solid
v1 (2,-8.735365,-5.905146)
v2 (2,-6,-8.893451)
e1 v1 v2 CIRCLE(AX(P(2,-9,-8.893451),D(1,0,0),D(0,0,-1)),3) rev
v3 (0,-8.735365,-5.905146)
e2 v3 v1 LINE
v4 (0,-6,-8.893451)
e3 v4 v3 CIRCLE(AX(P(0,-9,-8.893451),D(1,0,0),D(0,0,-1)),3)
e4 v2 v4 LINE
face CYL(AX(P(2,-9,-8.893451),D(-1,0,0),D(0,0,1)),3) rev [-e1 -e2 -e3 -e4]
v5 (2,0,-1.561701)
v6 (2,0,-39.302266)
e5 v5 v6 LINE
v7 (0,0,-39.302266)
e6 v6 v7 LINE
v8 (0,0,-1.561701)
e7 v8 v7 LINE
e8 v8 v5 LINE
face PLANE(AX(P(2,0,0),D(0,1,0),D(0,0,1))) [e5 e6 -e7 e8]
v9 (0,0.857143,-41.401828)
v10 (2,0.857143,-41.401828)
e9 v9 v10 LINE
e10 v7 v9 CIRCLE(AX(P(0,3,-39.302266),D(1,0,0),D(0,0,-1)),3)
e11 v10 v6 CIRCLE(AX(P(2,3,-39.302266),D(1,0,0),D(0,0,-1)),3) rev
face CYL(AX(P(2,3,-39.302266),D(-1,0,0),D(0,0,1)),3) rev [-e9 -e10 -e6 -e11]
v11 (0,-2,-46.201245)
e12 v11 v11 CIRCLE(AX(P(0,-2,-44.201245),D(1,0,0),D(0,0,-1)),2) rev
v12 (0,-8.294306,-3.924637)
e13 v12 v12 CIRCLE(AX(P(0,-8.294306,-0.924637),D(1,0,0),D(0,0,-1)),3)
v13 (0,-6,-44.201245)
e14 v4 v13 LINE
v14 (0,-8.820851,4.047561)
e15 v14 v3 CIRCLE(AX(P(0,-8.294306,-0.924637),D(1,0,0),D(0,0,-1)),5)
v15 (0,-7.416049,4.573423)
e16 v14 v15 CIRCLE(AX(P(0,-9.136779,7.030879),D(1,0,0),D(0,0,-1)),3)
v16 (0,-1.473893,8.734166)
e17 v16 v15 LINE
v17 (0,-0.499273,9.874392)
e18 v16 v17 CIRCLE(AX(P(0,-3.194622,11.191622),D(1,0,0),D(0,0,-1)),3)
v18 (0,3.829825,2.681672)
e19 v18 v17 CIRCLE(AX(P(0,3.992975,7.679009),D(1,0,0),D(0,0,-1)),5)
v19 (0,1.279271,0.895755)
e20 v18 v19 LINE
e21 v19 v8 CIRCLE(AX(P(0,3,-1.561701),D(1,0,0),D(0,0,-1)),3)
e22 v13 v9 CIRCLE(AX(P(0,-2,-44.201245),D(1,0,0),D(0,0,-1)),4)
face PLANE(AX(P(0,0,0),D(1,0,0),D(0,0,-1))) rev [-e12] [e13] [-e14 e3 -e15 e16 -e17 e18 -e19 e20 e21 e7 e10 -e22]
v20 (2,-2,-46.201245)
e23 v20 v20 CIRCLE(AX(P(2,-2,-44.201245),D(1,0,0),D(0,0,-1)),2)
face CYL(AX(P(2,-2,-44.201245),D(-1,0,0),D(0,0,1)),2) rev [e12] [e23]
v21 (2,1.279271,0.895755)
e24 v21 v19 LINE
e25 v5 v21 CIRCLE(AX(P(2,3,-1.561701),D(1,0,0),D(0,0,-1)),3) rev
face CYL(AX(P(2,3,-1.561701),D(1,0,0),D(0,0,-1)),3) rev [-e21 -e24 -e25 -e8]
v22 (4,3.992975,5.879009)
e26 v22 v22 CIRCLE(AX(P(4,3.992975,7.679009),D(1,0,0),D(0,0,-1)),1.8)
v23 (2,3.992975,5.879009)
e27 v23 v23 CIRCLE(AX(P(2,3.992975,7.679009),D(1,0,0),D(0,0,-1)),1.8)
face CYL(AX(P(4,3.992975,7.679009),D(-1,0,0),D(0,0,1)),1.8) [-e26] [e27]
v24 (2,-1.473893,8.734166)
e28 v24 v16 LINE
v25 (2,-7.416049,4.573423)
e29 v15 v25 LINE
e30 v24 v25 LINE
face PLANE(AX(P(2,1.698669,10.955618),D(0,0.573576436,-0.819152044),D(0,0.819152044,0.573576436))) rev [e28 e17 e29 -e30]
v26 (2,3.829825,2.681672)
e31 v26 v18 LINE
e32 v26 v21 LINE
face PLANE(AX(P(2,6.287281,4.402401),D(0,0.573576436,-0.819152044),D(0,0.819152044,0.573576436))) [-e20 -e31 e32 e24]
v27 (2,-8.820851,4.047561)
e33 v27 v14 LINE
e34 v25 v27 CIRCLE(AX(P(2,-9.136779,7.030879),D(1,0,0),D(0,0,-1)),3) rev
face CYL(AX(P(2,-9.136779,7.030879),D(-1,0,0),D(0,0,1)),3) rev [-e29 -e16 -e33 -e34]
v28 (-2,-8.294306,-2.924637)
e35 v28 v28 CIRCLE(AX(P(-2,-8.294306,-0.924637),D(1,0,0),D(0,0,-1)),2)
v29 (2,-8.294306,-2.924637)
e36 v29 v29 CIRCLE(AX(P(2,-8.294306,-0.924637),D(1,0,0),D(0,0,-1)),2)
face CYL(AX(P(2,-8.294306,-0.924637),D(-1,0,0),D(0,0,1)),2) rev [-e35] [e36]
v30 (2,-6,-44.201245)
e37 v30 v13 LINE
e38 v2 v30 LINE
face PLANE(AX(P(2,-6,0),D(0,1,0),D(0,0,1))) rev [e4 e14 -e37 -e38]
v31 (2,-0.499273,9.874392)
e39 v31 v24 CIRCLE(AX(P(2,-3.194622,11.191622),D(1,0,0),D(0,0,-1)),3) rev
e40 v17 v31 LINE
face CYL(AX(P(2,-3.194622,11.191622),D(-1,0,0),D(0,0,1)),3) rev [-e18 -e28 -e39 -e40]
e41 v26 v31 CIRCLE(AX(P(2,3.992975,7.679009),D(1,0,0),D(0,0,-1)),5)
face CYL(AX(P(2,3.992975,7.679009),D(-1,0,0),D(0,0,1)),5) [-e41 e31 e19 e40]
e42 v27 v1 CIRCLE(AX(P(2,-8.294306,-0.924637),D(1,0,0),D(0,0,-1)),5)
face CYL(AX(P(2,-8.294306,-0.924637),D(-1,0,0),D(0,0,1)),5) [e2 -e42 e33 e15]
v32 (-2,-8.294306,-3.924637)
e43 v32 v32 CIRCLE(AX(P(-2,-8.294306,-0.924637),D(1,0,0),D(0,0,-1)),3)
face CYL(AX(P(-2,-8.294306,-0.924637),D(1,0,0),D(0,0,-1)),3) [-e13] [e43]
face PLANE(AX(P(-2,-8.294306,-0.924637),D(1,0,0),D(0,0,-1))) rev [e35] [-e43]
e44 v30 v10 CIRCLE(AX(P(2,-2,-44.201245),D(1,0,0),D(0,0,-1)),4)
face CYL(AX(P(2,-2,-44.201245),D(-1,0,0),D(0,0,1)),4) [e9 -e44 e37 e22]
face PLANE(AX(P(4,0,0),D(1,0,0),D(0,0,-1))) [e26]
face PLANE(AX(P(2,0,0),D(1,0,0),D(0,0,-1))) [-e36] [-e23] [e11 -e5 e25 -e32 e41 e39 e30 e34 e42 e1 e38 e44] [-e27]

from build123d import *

# Parameters (mm, degrees)
EXTRUDE_1_DEPTH          = 2
SKETCH_1_4_R             = 3
EXTRUDE_2_DEPTH          = 2
CUT_EXTRUDE_1_DEPTH      = 51.040969284
CUT_EXTRUDE_1_DEPTH_BACK = 51.040969284
SKETCH_1_3_R             = 2
FILLET_1_R               = 3
EXTRUDE_START            = -2
SKETCH_2_R               = 2
EXTRUDE_3_DEPTH          = 2
SKETCH_2_3_R             = 1.8
EXTRUDE_4_DEPTH          = 2


with BuildPart() as part:
    # 草图1 → 凸台-拉伸1 (new body)
    with BuildSketch(Plane(origin=(0, 0, 0), x_dir=(0, 0, -1), z_dir=(1, 0, 0))):
        with BuildLine():
            Line((40.737143614, 0), (0, 0))
            Line((0, 0), (2.48051592, -3.542543867))
            ThreePointArc((2.48051592, -3.542543867), (4.165783411, -4.487079684), (5.367176995, -6))
            Line((5.367176995, -6), (44.201245229, -6))
            ThreePointArc((44.201245229, -6), (40.737143614, -4), (40.737143614, 0))
        make_face()
        with BuildLine():
            Line((2.48051592, -3.542543867), (0, 0))
            Line((0, 0), (-2.681672007, 3.829824531))
            ThreePointArc((-2.681672007, 3.829824531), (-4.811127311, -0.102785303), (-9.234888361, -0.758786959))
            Line((-9.234888361, -0.758786959), (-4.072700434, -8.131155358))
            ThreePointArc((-4.072700434, -8.131155358), (-1.94324513, -4.198545524), (2.48051592, -3.542543867))
        make_face()
        with BuildLine():
            ThreePointArc((48.201245229, -2), (45.23652141, 1.863703305), (40.737143614, 0))
            Line((40.737143614, 0), (44.201245229, 0))
            ThreePointArc((44.201245229, 0), (45.615458792, -0.585786438), (46.201245229, -2))
            ThreePointArc((46.201245229, -2), (45.615458792, -3.414213562), (44.201245229, -4))
            Line((44.201245229, -4), (44.201245229, -6))
            ThreePointArc((44.201245229, -6), (47.029672354, -4.828427125), (48.201245229, -2))
        make_face()
        with BuildLine():
            Line((44.201245229, 0), (40.737143614, 0))
            ThreePointArc((40.737143614, 0), (40.737143614, -4), (44.201245229, -6))
            Line((44.201245229, -6), (44.201245229, -4))
            ThreePointArc((44.201245229, -4), (42.201245229, -2), (44.201245229, 0))
        make_face()
        with BuildLine():
            ThreePointArc((5.367176995, -6), (4.165783411, -4.487079684), (2.48051592, -3.542543867))
            Line((2.48051592, -3.542543867), (4.201245229, -6))
            Line((4.201245229, -6), (5.367176995, -6))
        make_face()
        with BuildLine():
            Line((4.201245229, -6), (2.48051592, -3.542543867))
            ThreePointArc((2.48051592, -3.542543867), (-1.94324513, -4.198545524), (-4.072700434, -8.131155358))
            Line((-4.072700434, -8.131155358), (-2.351971125, -10.588611491))
            Line((-2.351971125, -10.588611491), (-1.532819081, -10.015035054))
            ThreePointArc((-1.532819081, -10.015035054), (-0.796092257, -5.836849613), (3.382093185, -6.573576436))
            Line((3.382093185, -6.573576436), (4.201245229, -6))
        make_face()
        with BuildLine():
            ThreePointArc((-9.234888361, -0.758786959), (-4.811127311, -0.102785303), (-2.681672007, 3.829824531))
            Line((-2.681672007, 3.829824531), (-4.402401316, 6.287280664))
            Line((-4.402401316, 6.287280664), (-6.040705405, 5.140127792))
            ThreePointArc((-6.040705405, 5.140127792), (-5.771575592, 4.594386518), (-5.679009493, 3.992974919))
            ThreePointArc((-5.679009493, 3.992974919), (-7.077597894, 2.085541017), (-9.317313582, 2.845822046))
            Line((-9.317313582, 2.845822046), (-10.95561767, 1.698669174))
            Line((-10.95561767, 1.698669174), (-9.234888361, -0.758786959))
        make_face()
        with BuildLine():
            Line((-4.402401316, 6.287280664), (-2.681672007, 3.829824531))
            ThreePointArc((-2.681672007, 3.829824531), (-2.679675166, 3.911388863), (-2.679009493, 3.992974919))
            ThreePointArc((-2.679009493, 3.992974919), (-10.613341245, 8.041394014), (-9.234888361, -0.758786959))
            Line((-9.234888361, -0.758786959), (-10.95561767, 1.698669174))
            Line((-10.95561767, 1.698669174), (-9.317313582, 2.845822046))
            ThreePointArc((-9.317313582, 2.845822046), (-8.826162366, 5.631279008), (-6.040705405, 5.140127792))
            Line((-6.040705405, 5.140127792), (-4.402401316, 6.287280664))
        make_face()
        with BuildLine():
            ThreePointArc((46.201245229, -2), (45.615458792, -0.585786438), (44.201245229, 0))
            Line((44.201245229, 0), (44.201245229, -4))
            ThreePointArc((44.201245229, -4), (45.615458792, -3.414213562), (46.201245229, -2))
        make_face()
        with BuildLine():
            Line((44.201245229, -4), (44.201245229, 0))
            ThreePointArc((44.201245229, 0), (42.201245229, -2), (44.201245229, -4))
        make_face()
        with BuildLine():
            Line((5.367176995, -6), (4.201245229, -6))
            Line((4.201245229, -6), (3.382093185, -6.573576436))
            ThreePointArc((3.382093185, -6.573576436), (3.785787904, -7.392188347), (3.924637052, -8.294305745))
            ThreePointArc((3.924637052, -8.294305745), (1.826754451, -11.155456598), (-1.532819081, -10.015035054))
            Line((-1.532819081, -10.015035054), (-2.351971125, -10.588611491))
            Line((-2.351971125, -10.588611491), (-4.072700434, -8.131155358))
            ThreePointArc((-4.072700434, -8.131155358), (0.843050996, -13.293640073), (5.924637052, -8.294305745))
            ThreePointArc((5.924637052, -8.294305745), (5.783273678, -7.113776143), (5.367176995, -6))
        make_face()
        with BuildLine():
            ThreePointArc((3.924637052, -8.294305745), (3.785787904, -7.392188347), (3.382093185, -6.573576436))
            Line((3.382093185, -6.573576436), (2.562941141, -7.147152873))
            ThreePointArc((2.562941141, -7.147152873), (2.832070954, -7.692894146), (2.924637052, -8.294305745))
            ThreePointArc((2.924637052, -8.294305745), (1.526048651, -10.201739647), (-0.713667036, -9.441458618))
            Line((-0.713667036, -9.441458618), (-1.532819081, -10.015035054))
            ThreePointArc((-1.532819081, -10.015035054), (1.826754451, -11.155456598), (3.924637052, -8.294305745))
        make_face()
        with BuildLine():
            Line((2.562941141, -7.147152873), (3.382093185, -6.573576436))
            ThreePointArc((3.382093185, -6.573576436), (-0.796092257, -5.836849613), (-1.532819081, -10.015035054))
            Line((-1.532819081, -10.015035054), (-0.713667036, -9.441458618))
            ThreePointArc((-0.713667036, -9.441458618), (-0.222515821, -6.656001657), (2.562941141, -7.147152873))
        make_face()
        with BuildLine():
            ThreePointArc((-5.679009493, 3.992974919), (-5.771575592, 4.594386518), (-6.040705405, 5.140127792))
            Line((-6.040705405, 5.140127792), (-9.317313582, 2.845822046))
            ThreePointArc((-9.317313582, 2.845822046), (-7.077597894, 2.085541017), (-5.679009493, 3.992974919))
        make_face()
        with BuildLine():
            Line((-9.317313582, 2.845822046), (-6.040705405, 5.140127792))
            ThreePointArc((-6.040705405, 5.140127792), (-8.826162366, 5.631279008), (-9.317313582, 2.845822046))
        make_face()
        with BuildLine():
            ThreePointArc((2.924637052, -8.294305745), (2.832070954, -7.692894146), (2.562941141, -7.147152873))
            Line((2.562941141, -7.147152873), (-0.713667036, -9.441458618))
            ThreePointArc((-0.713667036, -9.441458618), (1.526048651, -10.201739647), (2.924637052, -8.294305745))
        make_face()
        with BuildLine():
            Line((-0.713667036, -9.441458618), (2.562941141, -7.147152873))
            ThreePointArc((2.562941141, -7.147152873), (-0.222515821, -6.656001657), (-0.713667036, -9.441458618))
        make_face()
    extrude(amount=EXTRUDE_1_DEPTH)

    # 草图1<4> → 凸台-拉伸2 (add)
    with BuildSketch(Plane(origin=(0, 0, 0), x_dir=(0, 0, -1), z_dir=(1, 0, 0))):
        with Locations((0.924637052, -8.294305745)):
            Circle(SKETCH_1_4_R)
    extrude(amount=-EXTRUDE_2_DEPTH)

    # 草图1<3> → 切除-拉伸1 (cut, two sides: drawn at the far end of the back side and taken through both)
    with BuildSketch(Plane(origin=(0, 0, 0), x_dir=(0, 0, -1), z_dir=(1, 0, 0)).offset(-CUT_EXTRUDE_1_DEPTH_BACK)):
        with Locations((-7.679009493, 3.992974919)):
            Circle(SKETCH_1_3_R)
        with Locations((44.201245229, -2)):
            Circle(SKETCH_1_3_R)
        with Locations((0.924637052, -8.294305745)):
            Circle(SKETCH_1_3_R)
    extrude(amount=CUT_EXTRUDE_1_DEPTH + CUT_EXTRUDE_1_DEPTH_BACK, mode=Mode.SUBTRACT)

    # 圆角1
    fillet_1_edges = [part.edges().sort_by_distance(p)[0] for p in [
        (1, -6, -5.367176995),
        (1, 0, 0),
        (1, 0, -40.737143614),
        (1, -0.758786959, 9.234888361),
        (1, -8.131155358, 4.072700434),
    ]]
    fillet(fillet_1_edges, radius=FILLET_1_R)

    # 草图2 → 凸台-拉伸3 (add)
    with BuildSketch(Plane(origin=(2, 0, 0), x_dir=(0, 0, -1), z_dir=(1, 0, 0)).offset(EXTRUDE_START)):
        with Locations((-7.679009493, 3.992974919)):
            Circle(SKETCH_2_R)
    extrude(amount=EXTRUDE_3_DEPTH)

    # 草图2<3> → 凸台-拉伸4 (add)
    with BuildSketch(Plane(origin=(2, 0, 0), x_dir=(0, 0, -1), z_dir=(1, 0, 0))):
        with Locations((-7.679009493, 3.992974919)):
            Circle(SKETCH_2_3_R)
    extrude(amount=EXTRUDE_4_DEPTH)


solid = part.part
